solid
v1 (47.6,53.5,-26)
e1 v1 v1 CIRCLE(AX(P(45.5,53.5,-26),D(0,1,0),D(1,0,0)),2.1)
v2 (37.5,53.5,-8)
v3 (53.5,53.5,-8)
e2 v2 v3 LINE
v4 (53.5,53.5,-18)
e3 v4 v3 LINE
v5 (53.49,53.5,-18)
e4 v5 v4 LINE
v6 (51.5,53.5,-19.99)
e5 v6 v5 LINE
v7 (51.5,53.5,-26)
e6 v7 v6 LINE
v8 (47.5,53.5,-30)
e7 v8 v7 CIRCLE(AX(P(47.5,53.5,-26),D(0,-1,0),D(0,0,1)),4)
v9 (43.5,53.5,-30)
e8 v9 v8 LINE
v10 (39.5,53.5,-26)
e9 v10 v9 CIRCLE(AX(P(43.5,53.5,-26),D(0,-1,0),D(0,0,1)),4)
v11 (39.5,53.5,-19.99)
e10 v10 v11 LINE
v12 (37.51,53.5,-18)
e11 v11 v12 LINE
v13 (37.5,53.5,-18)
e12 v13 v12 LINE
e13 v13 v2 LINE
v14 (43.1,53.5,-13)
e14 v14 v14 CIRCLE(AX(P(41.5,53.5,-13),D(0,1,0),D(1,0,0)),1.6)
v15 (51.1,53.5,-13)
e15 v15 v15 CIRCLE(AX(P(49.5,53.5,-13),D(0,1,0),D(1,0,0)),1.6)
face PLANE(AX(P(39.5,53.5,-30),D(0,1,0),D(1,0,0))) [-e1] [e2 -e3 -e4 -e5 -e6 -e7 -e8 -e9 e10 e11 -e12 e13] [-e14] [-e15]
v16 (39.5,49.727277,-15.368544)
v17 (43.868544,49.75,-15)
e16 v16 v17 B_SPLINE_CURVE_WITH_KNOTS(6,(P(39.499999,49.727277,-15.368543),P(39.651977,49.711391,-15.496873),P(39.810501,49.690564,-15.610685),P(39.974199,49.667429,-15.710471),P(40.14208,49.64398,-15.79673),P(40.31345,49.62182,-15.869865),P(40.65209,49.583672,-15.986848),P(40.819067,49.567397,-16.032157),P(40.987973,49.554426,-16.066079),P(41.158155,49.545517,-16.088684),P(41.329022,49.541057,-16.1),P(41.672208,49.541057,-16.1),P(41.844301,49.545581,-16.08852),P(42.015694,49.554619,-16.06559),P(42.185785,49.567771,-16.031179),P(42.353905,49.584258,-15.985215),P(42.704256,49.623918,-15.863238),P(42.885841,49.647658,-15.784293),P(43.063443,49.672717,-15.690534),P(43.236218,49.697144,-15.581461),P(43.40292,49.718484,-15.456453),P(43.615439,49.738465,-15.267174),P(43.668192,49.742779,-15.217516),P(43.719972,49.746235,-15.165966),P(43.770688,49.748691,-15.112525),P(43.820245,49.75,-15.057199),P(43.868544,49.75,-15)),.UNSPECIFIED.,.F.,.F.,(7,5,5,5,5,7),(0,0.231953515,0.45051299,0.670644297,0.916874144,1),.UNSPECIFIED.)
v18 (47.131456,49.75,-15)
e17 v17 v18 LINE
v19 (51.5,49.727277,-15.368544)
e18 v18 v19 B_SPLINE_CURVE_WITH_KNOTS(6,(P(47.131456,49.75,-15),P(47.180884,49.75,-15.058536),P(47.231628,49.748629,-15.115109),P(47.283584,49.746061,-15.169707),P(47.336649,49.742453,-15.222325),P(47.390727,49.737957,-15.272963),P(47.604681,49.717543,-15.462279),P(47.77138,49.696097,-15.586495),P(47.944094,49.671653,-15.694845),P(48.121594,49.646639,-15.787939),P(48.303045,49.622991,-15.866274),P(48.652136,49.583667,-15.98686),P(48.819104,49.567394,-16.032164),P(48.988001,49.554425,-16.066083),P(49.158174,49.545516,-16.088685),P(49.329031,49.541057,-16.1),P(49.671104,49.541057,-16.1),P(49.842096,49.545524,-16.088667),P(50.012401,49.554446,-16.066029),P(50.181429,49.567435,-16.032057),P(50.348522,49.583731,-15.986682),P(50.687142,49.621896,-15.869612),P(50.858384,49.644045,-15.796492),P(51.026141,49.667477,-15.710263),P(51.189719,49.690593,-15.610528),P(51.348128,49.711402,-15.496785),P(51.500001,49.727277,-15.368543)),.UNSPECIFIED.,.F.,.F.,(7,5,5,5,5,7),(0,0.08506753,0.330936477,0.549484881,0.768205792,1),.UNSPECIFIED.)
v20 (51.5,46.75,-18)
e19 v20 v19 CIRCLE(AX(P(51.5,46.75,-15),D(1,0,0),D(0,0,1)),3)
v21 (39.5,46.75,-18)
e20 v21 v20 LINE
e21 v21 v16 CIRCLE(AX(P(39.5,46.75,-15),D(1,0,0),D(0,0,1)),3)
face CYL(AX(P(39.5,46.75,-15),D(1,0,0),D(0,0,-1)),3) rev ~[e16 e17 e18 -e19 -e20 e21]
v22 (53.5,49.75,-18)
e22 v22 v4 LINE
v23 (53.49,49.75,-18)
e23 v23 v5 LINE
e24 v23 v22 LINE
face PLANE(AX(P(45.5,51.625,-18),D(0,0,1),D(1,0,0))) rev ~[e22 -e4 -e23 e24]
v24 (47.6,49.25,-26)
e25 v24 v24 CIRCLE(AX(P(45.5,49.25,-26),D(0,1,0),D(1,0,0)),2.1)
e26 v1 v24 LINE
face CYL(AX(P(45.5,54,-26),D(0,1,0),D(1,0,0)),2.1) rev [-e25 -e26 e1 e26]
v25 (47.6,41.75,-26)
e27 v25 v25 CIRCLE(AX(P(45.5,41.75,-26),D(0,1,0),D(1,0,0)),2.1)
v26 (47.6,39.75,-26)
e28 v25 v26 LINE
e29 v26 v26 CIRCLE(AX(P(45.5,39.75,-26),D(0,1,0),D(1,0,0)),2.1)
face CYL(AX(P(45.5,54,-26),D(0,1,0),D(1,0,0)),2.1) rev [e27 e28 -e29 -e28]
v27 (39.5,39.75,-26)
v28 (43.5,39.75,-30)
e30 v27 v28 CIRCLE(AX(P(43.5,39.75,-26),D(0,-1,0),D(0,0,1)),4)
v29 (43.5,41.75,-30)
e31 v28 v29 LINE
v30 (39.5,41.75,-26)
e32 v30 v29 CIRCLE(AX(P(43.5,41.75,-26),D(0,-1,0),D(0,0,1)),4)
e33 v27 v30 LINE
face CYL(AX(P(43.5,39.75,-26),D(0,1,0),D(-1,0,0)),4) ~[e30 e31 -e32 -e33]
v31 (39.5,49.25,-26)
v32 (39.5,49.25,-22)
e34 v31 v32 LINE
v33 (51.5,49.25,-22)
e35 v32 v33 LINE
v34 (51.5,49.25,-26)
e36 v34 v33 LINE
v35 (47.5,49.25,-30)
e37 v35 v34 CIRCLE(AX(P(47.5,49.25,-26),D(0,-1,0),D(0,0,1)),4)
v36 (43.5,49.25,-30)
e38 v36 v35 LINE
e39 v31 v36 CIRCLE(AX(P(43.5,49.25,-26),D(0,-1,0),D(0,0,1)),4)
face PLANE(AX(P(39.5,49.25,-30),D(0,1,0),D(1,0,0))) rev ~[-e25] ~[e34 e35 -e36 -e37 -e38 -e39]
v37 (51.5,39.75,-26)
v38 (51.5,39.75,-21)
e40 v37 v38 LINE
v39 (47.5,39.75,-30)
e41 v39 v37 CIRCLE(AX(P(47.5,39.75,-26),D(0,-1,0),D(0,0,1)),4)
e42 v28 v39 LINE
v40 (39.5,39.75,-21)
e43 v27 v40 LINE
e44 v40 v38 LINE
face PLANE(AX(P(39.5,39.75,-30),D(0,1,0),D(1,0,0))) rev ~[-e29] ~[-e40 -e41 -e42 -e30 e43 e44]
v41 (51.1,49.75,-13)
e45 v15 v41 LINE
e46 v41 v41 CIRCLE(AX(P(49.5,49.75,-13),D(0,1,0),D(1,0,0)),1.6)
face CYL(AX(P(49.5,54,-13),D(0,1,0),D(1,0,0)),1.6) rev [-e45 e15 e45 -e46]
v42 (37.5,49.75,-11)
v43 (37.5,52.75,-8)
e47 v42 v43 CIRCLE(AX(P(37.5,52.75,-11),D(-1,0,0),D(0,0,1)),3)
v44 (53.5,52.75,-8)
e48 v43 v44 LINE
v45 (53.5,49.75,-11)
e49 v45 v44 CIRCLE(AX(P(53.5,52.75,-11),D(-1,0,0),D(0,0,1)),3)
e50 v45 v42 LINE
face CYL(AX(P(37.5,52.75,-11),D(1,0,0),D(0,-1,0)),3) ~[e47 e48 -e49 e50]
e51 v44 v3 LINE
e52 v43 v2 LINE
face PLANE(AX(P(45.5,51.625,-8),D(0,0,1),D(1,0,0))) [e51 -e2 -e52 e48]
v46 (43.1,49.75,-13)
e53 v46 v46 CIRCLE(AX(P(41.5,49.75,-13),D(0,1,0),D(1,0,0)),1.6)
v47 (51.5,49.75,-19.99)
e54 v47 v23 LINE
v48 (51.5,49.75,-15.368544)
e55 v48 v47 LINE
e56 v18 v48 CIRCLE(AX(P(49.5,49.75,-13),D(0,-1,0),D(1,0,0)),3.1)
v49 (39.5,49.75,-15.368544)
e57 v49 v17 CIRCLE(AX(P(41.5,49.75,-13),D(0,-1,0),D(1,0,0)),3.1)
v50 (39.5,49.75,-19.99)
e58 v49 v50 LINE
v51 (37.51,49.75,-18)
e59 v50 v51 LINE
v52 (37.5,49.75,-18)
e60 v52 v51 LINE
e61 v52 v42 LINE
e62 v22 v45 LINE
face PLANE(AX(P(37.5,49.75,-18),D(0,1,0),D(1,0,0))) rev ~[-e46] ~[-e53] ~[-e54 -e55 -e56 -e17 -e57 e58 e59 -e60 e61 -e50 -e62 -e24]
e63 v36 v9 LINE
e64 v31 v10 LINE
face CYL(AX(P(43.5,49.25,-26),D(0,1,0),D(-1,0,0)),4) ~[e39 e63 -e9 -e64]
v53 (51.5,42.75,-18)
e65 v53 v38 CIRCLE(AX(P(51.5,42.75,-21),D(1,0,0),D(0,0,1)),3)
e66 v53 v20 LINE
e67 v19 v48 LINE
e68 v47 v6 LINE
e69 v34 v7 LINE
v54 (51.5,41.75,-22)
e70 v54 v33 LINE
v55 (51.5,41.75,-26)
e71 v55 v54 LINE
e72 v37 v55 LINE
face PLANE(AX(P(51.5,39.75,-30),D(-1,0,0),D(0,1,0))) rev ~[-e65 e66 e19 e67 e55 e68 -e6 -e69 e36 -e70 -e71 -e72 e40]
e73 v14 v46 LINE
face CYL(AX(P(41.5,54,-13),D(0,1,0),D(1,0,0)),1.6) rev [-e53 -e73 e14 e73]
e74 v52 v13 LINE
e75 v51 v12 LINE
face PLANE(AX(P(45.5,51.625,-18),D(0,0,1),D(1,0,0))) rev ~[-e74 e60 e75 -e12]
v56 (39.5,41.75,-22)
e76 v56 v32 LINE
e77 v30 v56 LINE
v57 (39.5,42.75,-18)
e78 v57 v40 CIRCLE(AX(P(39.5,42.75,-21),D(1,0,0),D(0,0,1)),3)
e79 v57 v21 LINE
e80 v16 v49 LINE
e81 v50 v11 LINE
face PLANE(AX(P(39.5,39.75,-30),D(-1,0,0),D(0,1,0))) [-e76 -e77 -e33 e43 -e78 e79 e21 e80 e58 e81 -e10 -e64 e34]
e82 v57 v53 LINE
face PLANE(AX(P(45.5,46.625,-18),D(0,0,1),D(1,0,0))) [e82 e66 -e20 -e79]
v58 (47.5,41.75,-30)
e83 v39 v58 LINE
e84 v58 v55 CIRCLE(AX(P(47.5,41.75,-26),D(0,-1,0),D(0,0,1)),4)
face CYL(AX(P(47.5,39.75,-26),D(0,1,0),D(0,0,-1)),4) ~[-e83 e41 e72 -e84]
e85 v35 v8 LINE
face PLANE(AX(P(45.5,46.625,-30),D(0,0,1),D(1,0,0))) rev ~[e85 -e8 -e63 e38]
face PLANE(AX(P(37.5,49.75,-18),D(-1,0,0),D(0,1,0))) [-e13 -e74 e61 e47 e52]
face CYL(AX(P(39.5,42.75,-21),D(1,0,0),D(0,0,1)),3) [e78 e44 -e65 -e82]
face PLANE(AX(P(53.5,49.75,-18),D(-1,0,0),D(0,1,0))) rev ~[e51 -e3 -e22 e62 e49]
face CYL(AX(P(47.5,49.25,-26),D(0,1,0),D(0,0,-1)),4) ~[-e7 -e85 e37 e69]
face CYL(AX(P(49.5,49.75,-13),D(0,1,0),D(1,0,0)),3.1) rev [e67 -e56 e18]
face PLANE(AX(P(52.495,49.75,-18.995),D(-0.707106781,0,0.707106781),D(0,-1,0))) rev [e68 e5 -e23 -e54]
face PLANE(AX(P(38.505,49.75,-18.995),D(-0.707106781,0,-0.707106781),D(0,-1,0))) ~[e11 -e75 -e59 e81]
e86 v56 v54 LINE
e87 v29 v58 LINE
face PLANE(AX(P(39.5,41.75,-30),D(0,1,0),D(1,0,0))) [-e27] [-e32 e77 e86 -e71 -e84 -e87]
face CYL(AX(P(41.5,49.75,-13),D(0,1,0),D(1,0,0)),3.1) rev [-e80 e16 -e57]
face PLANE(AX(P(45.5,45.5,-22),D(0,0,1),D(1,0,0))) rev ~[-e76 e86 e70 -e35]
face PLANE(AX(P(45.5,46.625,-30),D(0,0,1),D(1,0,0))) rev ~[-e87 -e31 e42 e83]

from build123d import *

# Parameters (mm, degrees)
CYLINDER730_R          = 3.1
CYLINDER730_DEPTH      = 2
CYLINDER730_ROLL_ANGLE = 90
CYLINDER726_R          = 2.1
CYLINDER726_DEPTH      = 15
CYLINDER726_ROLL_ANGLE = 90
CYLINDER728_R          = 1.6
CYLINDER728_DEPTH      = 15
CYLINDER728_ROLL_ANGLE = 90
CYLINDER727_R          = 1.6
CYLINDER727_DEPTH      = 15
CYLINDER727_ROLL_ANGLE = 90
CYLINDER729_R          = 3.1
CYLINDER729_DEPTH      = 2
CYLINDER729_ROLL_ANGLE = 90
BOX483_W               = 12
BOX483_H               = 7.5
BOX483_DEPTH           = 8
BOX482_W               = 12
BOX482_H               = 13.75
BOX482_DEPTH           = 12
BOX484_W               = 16
BOX484_H               = 3.75
BOX484_DEPTH           = 10
FILLET334_R            = 3
FILLET335_R            = 4
CHAMFER081_SIZE        = 1.99


with BuildPart() as cylinder837:
    # Cylinder730 → Cylinder730 (new body)
    with BuildSketch(Plane.XY):
        Circle(CYLINDER730_R)
    extrude(amount=CYLINDER730_DEPTH)


with BuildPart() as cylinder837_1:
    # Cylinder730 roll: moved
    add(cylinder837.part.rotate(Axis((0, 0, 0), (1, 0, 0)), CYLINDER730_ROLL_ANGLE))


with BuildPart() as cylinder837_2:
    # Cylinder730 placement: moved
    add(cylinder837_1.part.moved(Location((399.5, 49.75, -15))))


with BuildPart() as cylinder833:
    # Cylinder726 → Cylinder726 (new body)
    with BuildSketch(Plane.XY):
        Circle(CYLINDER726_R)
    extrude(amount=CYLINDER726_DEPTH)


with BuildPart() as cylinder833_1:
    # Cylinder726 roll: moved
    add(cylinder833.part.rotate(Axis((0, 0, 0), (1, 0, 0)), CYLINDER726_ROLL_ANGLE))


with BuildPart() as cylinder833_2:
    # Cylinder726 placement: moved
    add(cylinder833_1.part.moved(Location((395.5, 54, -28))))


with BuildPart() as cylinder835:
    # Cylinder728 → Cylinder728 (new body)
    with BuildSketch(Plane.XY):
        Circle(CYLINDER728_R)
    extrude(amount=CYLINDER728_DEPTH)


with BuildPart() as cylinder835_1:
    # Cylinder728 roll: moved
    add(cylinder835.part.rotate(Axis((0, 0, 0), (1, 0, 0)), CYLINDER728_ROLL_ANGLE))


with BuildPart() as cylinder835_2:
    # Cylinder728 placement: moved
    add(cylinder835_1.part.moved(Location((399.5, 54, -15))))


with BuildPart() as cylinder834:
    # Cylinder727 → Cylinder727 (new body)
    with BuildSketch(Plane.XY):
        Circle(CYLINDER727_R)
    extrude(amount=CYLINDER727_DEPTH)


with BuildPart() as cylinder834_1:
    # Cylinder727 roll: moved
    add(cylinder834.part.rotate(Axis((0, 0, 0), (1, 0, 0)), CYLINDER727_ROLL_ANGLE))


with BuildPart() as cylinder834_2:
    # Cylinder727 placement: moved
    add(cylinder834_1.part.moved(Location((391.5, 54, -15))))


with BuildPart() as fusion476:
    # Cylinder729 → Cylinder729 (new body)
    with BuildSketch(Plane.XY):
        Circle(CYLINDER729_R)
    extrude(amount=CYLINDER729_DEPTH)


with BuildPart() as fusion476_1:
    # Cylinder729 roll: moved
    add(fusion476.part.rotate(Axis((0, 0, 0), (1, 0, 0)), CYLINDER729_ROLL_ANGLE))


with BuildPart() as fusion476_2:
    # Cylinder729 placement: moved
    add(fusion476_1.part.moved(Location((391.5, 49.75, -15))))

    # Fusion476: union Cylinder837, Cylinder833, Cylinder835, Cylinder834
    add(cylinder837_2.part)
    add(cylinder833_2.part)
    add(cylinder835_2.part)
    add(cylinder834_2.part)


with BuildPart() as cube685:
    # Box483 → Box483 (new body)
    with BuildSketch(Plane(origin=(389.5, 41.75, -32), x_dir=(1, 0, 0), z_dir=(0, 0, 1))):
        with Locations((6, 3.75)):
            Rectangle(BOX483_W, BOX483_H)
    extrude(amount=BOX483_DEPTH)


with BuildPart() as cut873:
    # Box482 → Box482 (new body)
    with BuildSketch(Plane(origin=(389.5, 39.75, -32), x_dir=(1, 0, 0), z_dir=(0, 0, 1))):
        with Locations((6, 6.875)):
            Rectangle(BOX482_W, BOX482_H)
    extrude(amount=BOX482_DEPTH)

    # Cut594: cut Cube685
    add(cube685.part, mode=Mode.SUBTRACT)


with BuildPart() as leafspring_mount_front_left:
    # Box484 → Box484 (new body)
    with BuildSketch(Plane(origin=(387.5, 49.75, -20), x_dir=(1, 0, 0), z_dir=(0, 0, 1))):
        with Locations((8, 1.875)):
            Rectangle(BOX484_W, BOX484_H)
    extrude(amount=BOX484_DEPTH)

    # Fusion475: union Cut873
    add(cut873.part)

    # Fillet334
    fillet334_edges = [leafspring_mount_front_left.edges().sort_by_distance(p)[0] for p in [
        (395.5, 49.75, -20),
        (395.5, 49.75, -10),
        (395.5, 39.75, -20),
    ]]
    fillet(fillet334_edges, radius=FILLET334_R)

    # Fillet335
    fillet335_edges = [leafspring_mount_front_left.edges().sort_by_distance(p)[0] for p in [
        (389.5, 40.75, -32),
        (389.5, 51.375, -32),
        (401.5, 40.75, -32),
        (401.5, 51.375, -32),
    ]]
    fillet(fillet335_edges, radius=FILLET335_R)

    # Chamfer081
    chamfer081_edges = [leafspring_mount_front_left.edges().sort_by_distance(p)[0] for p in [
        (401.5, 51.625, -20),
        (389.5, 51.625, -20),
    ]]
    chamfer(chamfer081_edges, length=CHAMFER081_SIZE)

    # Cut593: cut Fusion476
    add(fusion476_2.part, mode=Mode.SUBTRACT)


with BuildPart() as leafspring_mount_front_left_1:
    # Cut593 placement: moved
    add(leafspring_mount_front_left.part.moved(Location((-350, 0, 2))))


solid = leafspring_mount_front_left_1.part
